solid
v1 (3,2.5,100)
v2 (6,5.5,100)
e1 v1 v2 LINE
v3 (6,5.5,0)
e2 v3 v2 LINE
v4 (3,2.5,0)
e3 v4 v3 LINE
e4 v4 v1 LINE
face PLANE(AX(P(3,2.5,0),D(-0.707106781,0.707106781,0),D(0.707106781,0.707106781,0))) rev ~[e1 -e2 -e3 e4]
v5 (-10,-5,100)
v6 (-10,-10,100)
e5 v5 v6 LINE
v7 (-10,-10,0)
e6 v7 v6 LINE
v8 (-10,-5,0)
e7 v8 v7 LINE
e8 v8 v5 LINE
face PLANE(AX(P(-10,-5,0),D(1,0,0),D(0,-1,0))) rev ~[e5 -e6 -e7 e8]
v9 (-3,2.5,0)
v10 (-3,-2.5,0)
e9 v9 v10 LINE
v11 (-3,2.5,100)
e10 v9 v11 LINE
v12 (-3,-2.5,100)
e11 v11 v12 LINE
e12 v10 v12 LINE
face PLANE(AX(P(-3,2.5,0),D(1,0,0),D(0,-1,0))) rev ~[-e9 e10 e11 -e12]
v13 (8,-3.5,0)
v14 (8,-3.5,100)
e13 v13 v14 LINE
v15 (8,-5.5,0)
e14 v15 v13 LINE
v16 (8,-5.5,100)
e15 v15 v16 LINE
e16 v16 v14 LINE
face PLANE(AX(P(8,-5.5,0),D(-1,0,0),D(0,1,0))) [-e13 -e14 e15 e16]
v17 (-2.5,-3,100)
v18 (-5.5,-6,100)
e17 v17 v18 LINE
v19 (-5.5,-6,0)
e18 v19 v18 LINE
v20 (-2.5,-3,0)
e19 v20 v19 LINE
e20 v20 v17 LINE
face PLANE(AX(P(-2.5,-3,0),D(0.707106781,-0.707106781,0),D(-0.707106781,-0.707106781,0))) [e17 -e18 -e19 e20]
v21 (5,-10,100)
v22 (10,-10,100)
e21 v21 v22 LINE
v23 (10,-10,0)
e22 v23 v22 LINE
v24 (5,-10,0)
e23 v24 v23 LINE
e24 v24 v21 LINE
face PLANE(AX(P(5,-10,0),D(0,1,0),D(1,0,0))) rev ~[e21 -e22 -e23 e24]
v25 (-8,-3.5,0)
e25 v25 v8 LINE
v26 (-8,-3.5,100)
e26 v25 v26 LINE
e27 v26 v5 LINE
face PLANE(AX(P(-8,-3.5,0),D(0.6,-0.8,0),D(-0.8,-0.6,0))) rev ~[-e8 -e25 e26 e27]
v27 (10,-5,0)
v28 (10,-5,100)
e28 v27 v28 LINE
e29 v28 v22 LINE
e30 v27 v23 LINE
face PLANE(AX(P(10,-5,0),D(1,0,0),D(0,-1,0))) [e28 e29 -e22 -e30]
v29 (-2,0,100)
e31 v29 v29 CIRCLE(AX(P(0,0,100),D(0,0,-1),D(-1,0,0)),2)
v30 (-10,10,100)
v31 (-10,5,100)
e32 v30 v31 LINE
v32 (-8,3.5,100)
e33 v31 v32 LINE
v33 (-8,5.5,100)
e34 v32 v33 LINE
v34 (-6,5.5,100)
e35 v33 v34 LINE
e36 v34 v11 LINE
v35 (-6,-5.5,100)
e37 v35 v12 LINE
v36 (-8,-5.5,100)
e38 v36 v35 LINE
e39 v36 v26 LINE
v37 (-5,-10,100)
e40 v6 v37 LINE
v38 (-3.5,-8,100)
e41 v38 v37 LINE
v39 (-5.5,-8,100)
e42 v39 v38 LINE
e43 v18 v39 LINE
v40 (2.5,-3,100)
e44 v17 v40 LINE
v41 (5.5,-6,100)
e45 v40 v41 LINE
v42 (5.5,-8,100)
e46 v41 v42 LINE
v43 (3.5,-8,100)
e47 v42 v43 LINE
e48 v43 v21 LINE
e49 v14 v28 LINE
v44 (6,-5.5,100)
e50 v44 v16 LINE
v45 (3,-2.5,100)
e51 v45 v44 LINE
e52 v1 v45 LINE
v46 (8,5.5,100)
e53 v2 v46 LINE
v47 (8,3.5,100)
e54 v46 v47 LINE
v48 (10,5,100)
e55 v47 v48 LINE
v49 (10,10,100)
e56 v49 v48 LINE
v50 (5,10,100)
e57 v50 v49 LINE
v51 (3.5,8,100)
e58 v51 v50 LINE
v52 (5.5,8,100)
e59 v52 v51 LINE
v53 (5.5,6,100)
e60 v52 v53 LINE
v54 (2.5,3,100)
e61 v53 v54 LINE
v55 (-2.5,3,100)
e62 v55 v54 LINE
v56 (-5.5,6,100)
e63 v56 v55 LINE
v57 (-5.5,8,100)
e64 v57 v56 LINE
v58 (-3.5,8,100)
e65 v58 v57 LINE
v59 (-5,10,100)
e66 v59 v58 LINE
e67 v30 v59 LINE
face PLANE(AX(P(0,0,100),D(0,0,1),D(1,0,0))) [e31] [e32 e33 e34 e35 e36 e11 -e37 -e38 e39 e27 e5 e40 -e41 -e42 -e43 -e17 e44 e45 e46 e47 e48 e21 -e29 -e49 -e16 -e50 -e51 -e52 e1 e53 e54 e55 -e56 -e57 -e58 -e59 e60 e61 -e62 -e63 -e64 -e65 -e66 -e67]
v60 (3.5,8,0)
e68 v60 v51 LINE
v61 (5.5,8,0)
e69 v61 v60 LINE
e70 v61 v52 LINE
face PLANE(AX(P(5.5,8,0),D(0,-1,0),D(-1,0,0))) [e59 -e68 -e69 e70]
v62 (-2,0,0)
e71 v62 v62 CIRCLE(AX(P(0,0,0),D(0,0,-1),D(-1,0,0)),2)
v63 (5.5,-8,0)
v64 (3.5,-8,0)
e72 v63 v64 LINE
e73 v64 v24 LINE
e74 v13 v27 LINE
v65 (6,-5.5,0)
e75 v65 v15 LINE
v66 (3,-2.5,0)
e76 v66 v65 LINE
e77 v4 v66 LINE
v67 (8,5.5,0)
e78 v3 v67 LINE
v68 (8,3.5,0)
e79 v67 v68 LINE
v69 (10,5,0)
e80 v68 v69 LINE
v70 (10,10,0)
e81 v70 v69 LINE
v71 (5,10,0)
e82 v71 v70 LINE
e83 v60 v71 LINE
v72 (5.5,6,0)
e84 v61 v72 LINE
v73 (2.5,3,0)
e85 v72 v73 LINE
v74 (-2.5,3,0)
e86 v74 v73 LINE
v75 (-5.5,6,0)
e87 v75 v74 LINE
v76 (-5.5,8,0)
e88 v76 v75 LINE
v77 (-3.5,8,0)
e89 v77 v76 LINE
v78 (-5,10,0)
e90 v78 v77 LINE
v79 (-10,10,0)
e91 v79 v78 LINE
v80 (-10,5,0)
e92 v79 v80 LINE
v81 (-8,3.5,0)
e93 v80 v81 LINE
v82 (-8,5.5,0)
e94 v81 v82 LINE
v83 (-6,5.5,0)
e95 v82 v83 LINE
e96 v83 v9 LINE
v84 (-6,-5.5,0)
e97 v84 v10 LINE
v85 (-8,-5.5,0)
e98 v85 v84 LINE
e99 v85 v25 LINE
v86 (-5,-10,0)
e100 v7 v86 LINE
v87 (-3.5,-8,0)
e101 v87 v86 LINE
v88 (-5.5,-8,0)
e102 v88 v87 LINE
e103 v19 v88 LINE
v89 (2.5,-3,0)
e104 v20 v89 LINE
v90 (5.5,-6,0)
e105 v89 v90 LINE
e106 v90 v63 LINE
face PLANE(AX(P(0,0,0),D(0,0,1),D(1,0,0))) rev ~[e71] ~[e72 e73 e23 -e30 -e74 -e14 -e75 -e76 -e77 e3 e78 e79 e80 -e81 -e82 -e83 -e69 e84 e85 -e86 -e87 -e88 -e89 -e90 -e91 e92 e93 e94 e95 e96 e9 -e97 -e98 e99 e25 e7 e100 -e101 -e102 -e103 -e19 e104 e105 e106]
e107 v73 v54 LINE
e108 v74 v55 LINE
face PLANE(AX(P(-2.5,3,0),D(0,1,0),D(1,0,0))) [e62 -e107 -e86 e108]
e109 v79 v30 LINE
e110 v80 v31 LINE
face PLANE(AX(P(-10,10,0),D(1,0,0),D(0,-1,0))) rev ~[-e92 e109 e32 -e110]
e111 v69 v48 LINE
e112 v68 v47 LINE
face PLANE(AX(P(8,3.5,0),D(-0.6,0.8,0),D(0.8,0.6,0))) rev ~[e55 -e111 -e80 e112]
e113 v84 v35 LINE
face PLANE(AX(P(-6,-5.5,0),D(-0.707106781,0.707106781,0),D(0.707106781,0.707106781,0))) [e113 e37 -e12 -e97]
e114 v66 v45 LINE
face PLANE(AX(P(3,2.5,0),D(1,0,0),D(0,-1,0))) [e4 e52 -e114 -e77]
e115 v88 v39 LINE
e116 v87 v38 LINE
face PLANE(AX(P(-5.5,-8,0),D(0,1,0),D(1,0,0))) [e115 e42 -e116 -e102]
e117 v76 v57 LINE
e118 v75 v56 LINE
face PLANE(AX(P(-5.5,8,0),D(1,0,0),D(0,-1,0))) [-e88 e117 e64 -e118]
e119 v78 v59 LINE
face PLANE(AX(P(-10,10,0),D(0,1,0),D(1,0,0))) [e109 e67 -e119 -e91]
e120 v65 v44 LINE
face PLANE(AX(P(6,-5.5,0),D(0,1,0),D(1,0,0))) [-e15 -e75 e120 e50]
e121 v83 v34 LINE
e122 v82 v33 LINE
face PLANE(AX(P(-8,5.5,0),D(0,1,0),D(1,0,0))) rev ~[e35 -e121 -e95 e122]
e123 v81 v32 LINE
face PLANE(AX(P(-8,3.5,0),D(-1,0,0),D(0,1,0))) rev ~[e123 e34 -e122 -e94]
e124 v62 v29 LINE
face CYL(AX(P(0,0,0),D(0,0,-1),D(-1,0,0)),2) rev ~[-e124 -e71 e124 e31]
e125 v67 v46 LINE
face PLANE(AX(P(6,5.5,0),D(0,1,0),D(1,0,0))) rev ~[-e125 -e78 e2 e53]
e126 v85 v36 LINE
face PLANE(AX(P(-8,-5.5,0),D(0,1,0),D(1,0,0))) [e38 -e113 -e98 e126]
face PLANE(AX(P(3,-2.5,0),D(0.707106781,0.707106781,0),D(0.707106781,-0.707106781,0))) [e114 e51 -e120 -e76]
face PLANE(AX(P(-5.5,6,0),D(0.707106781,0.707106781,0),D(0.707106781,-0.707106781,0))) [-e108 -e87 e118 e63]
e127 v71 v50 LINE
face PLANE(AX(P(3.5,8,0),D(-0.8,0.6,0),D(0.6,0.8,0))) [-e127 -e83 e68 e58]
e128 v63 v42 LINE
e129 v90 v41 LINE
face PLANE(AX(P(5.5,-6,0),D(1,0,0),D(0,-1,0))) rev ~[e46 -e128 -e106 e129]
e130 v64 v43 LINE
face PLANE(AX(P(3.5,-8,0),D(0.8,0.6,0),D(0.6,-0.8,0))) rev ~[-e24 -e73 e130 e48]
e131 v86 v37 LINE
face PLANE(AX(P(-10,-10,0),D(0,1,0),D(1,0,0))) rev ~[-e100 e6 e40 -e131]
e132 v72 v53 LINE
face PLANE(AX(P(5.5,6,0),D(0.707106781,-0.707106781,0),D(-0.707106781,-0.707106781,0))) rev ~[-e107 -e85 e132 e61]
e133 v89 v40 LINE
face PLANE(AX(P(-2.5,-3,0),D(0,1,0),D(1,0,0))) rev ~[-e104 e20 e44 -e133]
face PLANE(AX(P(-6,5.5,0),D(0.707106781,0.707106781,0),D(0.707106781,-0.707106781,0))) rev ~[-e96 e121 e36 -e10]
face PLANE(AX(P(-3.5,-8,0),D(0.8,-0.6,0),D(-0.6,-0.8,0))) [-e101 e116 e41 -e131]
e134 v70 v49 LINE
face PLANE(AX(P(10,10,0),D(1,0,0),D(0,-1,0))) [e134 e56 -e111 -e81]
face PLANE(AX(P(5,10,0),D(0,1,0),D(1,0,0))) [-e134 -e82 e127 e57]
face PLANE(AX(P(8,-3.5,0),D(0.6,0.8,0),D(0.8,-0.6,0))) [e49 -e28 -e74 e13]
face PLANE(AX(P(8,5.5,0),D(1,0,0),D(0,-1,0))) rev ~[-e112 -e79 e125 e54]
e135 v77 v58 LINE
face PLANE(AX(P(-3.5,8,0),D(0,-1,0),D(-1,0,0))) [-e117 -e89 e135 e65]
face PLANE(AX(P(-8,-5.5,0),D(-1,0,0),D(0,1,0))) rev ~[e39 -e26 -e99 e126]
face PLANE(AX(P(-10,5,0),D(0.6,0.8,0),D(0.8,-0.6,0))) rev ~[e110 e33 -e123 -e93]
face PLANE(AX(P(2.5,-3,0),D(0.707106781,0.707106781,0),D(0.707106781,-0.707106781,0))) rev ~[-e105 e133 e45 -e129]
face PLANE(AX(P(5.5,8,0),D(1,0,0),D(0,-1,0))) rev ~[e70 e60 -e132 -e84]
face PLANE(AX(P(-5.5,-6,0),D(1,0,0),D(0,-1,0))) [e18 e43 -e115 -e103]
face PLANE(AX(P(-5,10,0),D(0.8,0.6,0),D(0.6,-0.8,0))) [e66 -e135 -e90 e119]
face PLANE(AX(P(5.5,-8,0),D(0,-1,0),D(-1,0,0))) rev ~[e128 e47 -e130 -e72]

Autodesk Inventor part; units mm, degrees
ref_plane "YZ Plane" through (0, 0, 0) normal (1, 0, 0) x (0, 1, 0)
ref_plane "XZ Plane" through (0, 0, 0) normal (0, 1, 0) x (-1, 0, 0)
ref_plane "XY Plane" through (0, 0, 0) normal (0, 0, 1) x (1, 0, 0)
sketch "Sketch1" plane through (0, 0, 0) normal (0, 0, 1) x (1, 0, 0)
  line L0 (-5, 10) -> (-3.5, 8)
  line L1 (-3.5, 8) -> (-5.5, 8)
  line L2 (5.5, 8) -> (3.5, 8)
  line L3 (3.5, 8) -> (5, 10)
  line L4 (-5.5, 8) -> (-5.5, 6)
  line L5 (5.5, 8) -> (5.5, 6)
  line L6 (-5.5, 6) -> (-2.5, 3)
  line L7 (5.5, 6) -> (2.5, 3)
  line L8 (-2.5, 3) -> (2.5, 3)
  line L9 (-10, 10) -> (-5, 10)
  line L10 (5, 10) -> (10, 10)
  line L11 (3, 2.5) -> (3, -2.5)
  line L12 (3, -2.5) -> (6, -5.5)
  line L13 (6, -5.5) -> (8, -5.5)
  line L14 (8, -5.5) -> (8, -3.5)
  line L15 (8, -3.5) -> (10, -5)
  line L16 (3, 2.5) -> (6, 5.5)
  line L17 (6, 5.5) -> (8, 5.5)
  line L18 (8, 5.5) -> (8, 3.5)
  line L19 (8, 3.5) -> (10, 5)
  line L20 (10, 10) -> (10, 5)
  line L21 (10, -5) -> (10, -10)
  line L22 (-10, 5) -> (-8, 3.5)
  line L23 (-8, 3.5) -> (-8, 5.5)
  line L24 (-8, -5.5) -> (-8, -3.5)
  line L25 (-8, -3.5) -> (-10, -5)
  line L26 (-8, 5.5) -> (-6, 5.5)
  line L27 (-8, -5.5) -> (-6, -5.5)
  line L28 (-6, 5.5) -> (-3, 2.5)
  line L29 (-6, -5.5) -> (-3, -2.5)
  line L30 (-3, 2.5) -> (-3, -2.5)
  line L31 (-10, 10) -> (-10, 5)
  line L32 (-10, -5) -> (-10, -10)
  line L33 (-2.5, -3) -> (2.5, -3)
  line L34 (2.5, -3) -> (5.5, -6)
  line L35 (5.5, -6) -> (5.5, -8)
  line L36 (5.5, -8) -> (3.5, -8)
  line L37 (3.5, -8) -> (5, -10)
  line L38 (-2.5, -3) -> (-5.5, -6)
  line L39 (-5.5, -6) -> (-5.5, -8)
  line L40 (-5.5, -8) -> (-3.5, -8)
  line L41 (-3.5, -8) -> (-5, -10)
  line L42 (-10, -10) -> (-5, -10)
  line L43 (5, -10) -> (10, -10)
  point P0 (0, 0)
  point P1 (0, 0)
  point P2 (0, 0)
  dimension "d0" = 20
  dimension "d1" = 20
  dimension "d3" = 2
  dimension "d4" = 2
  dimension "d6" = 1.5
  dimension "d7" = 2
  dimension "d8" = 2
  dimension "d9" = 3
  dimension "d11" = 3
  dimension "d12" = 3
  dimension "d13" = 5
  dimension "d22" = 5
  dimension "d24" = 3
  dimension "d25" = 3
  dimension "d26" = 2
  dimension "d27" = 5
  dimension "d28" = 2
  dimension "d29" = 2
  dimension "d30" = 1.5
  dimension "d31" = 3
  dimension "d32" = 5
  dimension "d33" = 5
  dimension "d35" = 5
  dimension "d36" = 5
  dimension "d37" = 5
  dimension "d38" = 5
  dimension "d40" = 3
  dimension "d41" = 3
  dimension "d42" = 2
  dimension "d43" = 2
  dimension "d48" = 3
  dimension "d49" = 3
  dimension "d50" = 3
  dimension "d51" = 3
  dimension "d52" = 0.5
  dimension "d53" = 0.5
  dimension "d54" = 0.5
  dimension "d55" = 0.5
  dimension "d56" = 0.5
extrude "Extrusion3" add sketch "Sketch1" along normal blind 100
sketch "Sketch3" plane through (0, 0, 0) normal (0, 0, -1) x (-1, 0, 0)
  circle A0 centre (0, 0) radius 2
  dimension "d59" = 4
extrude "Extrusion4" cut sketch "Sketch3" against normal through all
properties part number "20x20x100 Aluminium VSlot Extrustion"
